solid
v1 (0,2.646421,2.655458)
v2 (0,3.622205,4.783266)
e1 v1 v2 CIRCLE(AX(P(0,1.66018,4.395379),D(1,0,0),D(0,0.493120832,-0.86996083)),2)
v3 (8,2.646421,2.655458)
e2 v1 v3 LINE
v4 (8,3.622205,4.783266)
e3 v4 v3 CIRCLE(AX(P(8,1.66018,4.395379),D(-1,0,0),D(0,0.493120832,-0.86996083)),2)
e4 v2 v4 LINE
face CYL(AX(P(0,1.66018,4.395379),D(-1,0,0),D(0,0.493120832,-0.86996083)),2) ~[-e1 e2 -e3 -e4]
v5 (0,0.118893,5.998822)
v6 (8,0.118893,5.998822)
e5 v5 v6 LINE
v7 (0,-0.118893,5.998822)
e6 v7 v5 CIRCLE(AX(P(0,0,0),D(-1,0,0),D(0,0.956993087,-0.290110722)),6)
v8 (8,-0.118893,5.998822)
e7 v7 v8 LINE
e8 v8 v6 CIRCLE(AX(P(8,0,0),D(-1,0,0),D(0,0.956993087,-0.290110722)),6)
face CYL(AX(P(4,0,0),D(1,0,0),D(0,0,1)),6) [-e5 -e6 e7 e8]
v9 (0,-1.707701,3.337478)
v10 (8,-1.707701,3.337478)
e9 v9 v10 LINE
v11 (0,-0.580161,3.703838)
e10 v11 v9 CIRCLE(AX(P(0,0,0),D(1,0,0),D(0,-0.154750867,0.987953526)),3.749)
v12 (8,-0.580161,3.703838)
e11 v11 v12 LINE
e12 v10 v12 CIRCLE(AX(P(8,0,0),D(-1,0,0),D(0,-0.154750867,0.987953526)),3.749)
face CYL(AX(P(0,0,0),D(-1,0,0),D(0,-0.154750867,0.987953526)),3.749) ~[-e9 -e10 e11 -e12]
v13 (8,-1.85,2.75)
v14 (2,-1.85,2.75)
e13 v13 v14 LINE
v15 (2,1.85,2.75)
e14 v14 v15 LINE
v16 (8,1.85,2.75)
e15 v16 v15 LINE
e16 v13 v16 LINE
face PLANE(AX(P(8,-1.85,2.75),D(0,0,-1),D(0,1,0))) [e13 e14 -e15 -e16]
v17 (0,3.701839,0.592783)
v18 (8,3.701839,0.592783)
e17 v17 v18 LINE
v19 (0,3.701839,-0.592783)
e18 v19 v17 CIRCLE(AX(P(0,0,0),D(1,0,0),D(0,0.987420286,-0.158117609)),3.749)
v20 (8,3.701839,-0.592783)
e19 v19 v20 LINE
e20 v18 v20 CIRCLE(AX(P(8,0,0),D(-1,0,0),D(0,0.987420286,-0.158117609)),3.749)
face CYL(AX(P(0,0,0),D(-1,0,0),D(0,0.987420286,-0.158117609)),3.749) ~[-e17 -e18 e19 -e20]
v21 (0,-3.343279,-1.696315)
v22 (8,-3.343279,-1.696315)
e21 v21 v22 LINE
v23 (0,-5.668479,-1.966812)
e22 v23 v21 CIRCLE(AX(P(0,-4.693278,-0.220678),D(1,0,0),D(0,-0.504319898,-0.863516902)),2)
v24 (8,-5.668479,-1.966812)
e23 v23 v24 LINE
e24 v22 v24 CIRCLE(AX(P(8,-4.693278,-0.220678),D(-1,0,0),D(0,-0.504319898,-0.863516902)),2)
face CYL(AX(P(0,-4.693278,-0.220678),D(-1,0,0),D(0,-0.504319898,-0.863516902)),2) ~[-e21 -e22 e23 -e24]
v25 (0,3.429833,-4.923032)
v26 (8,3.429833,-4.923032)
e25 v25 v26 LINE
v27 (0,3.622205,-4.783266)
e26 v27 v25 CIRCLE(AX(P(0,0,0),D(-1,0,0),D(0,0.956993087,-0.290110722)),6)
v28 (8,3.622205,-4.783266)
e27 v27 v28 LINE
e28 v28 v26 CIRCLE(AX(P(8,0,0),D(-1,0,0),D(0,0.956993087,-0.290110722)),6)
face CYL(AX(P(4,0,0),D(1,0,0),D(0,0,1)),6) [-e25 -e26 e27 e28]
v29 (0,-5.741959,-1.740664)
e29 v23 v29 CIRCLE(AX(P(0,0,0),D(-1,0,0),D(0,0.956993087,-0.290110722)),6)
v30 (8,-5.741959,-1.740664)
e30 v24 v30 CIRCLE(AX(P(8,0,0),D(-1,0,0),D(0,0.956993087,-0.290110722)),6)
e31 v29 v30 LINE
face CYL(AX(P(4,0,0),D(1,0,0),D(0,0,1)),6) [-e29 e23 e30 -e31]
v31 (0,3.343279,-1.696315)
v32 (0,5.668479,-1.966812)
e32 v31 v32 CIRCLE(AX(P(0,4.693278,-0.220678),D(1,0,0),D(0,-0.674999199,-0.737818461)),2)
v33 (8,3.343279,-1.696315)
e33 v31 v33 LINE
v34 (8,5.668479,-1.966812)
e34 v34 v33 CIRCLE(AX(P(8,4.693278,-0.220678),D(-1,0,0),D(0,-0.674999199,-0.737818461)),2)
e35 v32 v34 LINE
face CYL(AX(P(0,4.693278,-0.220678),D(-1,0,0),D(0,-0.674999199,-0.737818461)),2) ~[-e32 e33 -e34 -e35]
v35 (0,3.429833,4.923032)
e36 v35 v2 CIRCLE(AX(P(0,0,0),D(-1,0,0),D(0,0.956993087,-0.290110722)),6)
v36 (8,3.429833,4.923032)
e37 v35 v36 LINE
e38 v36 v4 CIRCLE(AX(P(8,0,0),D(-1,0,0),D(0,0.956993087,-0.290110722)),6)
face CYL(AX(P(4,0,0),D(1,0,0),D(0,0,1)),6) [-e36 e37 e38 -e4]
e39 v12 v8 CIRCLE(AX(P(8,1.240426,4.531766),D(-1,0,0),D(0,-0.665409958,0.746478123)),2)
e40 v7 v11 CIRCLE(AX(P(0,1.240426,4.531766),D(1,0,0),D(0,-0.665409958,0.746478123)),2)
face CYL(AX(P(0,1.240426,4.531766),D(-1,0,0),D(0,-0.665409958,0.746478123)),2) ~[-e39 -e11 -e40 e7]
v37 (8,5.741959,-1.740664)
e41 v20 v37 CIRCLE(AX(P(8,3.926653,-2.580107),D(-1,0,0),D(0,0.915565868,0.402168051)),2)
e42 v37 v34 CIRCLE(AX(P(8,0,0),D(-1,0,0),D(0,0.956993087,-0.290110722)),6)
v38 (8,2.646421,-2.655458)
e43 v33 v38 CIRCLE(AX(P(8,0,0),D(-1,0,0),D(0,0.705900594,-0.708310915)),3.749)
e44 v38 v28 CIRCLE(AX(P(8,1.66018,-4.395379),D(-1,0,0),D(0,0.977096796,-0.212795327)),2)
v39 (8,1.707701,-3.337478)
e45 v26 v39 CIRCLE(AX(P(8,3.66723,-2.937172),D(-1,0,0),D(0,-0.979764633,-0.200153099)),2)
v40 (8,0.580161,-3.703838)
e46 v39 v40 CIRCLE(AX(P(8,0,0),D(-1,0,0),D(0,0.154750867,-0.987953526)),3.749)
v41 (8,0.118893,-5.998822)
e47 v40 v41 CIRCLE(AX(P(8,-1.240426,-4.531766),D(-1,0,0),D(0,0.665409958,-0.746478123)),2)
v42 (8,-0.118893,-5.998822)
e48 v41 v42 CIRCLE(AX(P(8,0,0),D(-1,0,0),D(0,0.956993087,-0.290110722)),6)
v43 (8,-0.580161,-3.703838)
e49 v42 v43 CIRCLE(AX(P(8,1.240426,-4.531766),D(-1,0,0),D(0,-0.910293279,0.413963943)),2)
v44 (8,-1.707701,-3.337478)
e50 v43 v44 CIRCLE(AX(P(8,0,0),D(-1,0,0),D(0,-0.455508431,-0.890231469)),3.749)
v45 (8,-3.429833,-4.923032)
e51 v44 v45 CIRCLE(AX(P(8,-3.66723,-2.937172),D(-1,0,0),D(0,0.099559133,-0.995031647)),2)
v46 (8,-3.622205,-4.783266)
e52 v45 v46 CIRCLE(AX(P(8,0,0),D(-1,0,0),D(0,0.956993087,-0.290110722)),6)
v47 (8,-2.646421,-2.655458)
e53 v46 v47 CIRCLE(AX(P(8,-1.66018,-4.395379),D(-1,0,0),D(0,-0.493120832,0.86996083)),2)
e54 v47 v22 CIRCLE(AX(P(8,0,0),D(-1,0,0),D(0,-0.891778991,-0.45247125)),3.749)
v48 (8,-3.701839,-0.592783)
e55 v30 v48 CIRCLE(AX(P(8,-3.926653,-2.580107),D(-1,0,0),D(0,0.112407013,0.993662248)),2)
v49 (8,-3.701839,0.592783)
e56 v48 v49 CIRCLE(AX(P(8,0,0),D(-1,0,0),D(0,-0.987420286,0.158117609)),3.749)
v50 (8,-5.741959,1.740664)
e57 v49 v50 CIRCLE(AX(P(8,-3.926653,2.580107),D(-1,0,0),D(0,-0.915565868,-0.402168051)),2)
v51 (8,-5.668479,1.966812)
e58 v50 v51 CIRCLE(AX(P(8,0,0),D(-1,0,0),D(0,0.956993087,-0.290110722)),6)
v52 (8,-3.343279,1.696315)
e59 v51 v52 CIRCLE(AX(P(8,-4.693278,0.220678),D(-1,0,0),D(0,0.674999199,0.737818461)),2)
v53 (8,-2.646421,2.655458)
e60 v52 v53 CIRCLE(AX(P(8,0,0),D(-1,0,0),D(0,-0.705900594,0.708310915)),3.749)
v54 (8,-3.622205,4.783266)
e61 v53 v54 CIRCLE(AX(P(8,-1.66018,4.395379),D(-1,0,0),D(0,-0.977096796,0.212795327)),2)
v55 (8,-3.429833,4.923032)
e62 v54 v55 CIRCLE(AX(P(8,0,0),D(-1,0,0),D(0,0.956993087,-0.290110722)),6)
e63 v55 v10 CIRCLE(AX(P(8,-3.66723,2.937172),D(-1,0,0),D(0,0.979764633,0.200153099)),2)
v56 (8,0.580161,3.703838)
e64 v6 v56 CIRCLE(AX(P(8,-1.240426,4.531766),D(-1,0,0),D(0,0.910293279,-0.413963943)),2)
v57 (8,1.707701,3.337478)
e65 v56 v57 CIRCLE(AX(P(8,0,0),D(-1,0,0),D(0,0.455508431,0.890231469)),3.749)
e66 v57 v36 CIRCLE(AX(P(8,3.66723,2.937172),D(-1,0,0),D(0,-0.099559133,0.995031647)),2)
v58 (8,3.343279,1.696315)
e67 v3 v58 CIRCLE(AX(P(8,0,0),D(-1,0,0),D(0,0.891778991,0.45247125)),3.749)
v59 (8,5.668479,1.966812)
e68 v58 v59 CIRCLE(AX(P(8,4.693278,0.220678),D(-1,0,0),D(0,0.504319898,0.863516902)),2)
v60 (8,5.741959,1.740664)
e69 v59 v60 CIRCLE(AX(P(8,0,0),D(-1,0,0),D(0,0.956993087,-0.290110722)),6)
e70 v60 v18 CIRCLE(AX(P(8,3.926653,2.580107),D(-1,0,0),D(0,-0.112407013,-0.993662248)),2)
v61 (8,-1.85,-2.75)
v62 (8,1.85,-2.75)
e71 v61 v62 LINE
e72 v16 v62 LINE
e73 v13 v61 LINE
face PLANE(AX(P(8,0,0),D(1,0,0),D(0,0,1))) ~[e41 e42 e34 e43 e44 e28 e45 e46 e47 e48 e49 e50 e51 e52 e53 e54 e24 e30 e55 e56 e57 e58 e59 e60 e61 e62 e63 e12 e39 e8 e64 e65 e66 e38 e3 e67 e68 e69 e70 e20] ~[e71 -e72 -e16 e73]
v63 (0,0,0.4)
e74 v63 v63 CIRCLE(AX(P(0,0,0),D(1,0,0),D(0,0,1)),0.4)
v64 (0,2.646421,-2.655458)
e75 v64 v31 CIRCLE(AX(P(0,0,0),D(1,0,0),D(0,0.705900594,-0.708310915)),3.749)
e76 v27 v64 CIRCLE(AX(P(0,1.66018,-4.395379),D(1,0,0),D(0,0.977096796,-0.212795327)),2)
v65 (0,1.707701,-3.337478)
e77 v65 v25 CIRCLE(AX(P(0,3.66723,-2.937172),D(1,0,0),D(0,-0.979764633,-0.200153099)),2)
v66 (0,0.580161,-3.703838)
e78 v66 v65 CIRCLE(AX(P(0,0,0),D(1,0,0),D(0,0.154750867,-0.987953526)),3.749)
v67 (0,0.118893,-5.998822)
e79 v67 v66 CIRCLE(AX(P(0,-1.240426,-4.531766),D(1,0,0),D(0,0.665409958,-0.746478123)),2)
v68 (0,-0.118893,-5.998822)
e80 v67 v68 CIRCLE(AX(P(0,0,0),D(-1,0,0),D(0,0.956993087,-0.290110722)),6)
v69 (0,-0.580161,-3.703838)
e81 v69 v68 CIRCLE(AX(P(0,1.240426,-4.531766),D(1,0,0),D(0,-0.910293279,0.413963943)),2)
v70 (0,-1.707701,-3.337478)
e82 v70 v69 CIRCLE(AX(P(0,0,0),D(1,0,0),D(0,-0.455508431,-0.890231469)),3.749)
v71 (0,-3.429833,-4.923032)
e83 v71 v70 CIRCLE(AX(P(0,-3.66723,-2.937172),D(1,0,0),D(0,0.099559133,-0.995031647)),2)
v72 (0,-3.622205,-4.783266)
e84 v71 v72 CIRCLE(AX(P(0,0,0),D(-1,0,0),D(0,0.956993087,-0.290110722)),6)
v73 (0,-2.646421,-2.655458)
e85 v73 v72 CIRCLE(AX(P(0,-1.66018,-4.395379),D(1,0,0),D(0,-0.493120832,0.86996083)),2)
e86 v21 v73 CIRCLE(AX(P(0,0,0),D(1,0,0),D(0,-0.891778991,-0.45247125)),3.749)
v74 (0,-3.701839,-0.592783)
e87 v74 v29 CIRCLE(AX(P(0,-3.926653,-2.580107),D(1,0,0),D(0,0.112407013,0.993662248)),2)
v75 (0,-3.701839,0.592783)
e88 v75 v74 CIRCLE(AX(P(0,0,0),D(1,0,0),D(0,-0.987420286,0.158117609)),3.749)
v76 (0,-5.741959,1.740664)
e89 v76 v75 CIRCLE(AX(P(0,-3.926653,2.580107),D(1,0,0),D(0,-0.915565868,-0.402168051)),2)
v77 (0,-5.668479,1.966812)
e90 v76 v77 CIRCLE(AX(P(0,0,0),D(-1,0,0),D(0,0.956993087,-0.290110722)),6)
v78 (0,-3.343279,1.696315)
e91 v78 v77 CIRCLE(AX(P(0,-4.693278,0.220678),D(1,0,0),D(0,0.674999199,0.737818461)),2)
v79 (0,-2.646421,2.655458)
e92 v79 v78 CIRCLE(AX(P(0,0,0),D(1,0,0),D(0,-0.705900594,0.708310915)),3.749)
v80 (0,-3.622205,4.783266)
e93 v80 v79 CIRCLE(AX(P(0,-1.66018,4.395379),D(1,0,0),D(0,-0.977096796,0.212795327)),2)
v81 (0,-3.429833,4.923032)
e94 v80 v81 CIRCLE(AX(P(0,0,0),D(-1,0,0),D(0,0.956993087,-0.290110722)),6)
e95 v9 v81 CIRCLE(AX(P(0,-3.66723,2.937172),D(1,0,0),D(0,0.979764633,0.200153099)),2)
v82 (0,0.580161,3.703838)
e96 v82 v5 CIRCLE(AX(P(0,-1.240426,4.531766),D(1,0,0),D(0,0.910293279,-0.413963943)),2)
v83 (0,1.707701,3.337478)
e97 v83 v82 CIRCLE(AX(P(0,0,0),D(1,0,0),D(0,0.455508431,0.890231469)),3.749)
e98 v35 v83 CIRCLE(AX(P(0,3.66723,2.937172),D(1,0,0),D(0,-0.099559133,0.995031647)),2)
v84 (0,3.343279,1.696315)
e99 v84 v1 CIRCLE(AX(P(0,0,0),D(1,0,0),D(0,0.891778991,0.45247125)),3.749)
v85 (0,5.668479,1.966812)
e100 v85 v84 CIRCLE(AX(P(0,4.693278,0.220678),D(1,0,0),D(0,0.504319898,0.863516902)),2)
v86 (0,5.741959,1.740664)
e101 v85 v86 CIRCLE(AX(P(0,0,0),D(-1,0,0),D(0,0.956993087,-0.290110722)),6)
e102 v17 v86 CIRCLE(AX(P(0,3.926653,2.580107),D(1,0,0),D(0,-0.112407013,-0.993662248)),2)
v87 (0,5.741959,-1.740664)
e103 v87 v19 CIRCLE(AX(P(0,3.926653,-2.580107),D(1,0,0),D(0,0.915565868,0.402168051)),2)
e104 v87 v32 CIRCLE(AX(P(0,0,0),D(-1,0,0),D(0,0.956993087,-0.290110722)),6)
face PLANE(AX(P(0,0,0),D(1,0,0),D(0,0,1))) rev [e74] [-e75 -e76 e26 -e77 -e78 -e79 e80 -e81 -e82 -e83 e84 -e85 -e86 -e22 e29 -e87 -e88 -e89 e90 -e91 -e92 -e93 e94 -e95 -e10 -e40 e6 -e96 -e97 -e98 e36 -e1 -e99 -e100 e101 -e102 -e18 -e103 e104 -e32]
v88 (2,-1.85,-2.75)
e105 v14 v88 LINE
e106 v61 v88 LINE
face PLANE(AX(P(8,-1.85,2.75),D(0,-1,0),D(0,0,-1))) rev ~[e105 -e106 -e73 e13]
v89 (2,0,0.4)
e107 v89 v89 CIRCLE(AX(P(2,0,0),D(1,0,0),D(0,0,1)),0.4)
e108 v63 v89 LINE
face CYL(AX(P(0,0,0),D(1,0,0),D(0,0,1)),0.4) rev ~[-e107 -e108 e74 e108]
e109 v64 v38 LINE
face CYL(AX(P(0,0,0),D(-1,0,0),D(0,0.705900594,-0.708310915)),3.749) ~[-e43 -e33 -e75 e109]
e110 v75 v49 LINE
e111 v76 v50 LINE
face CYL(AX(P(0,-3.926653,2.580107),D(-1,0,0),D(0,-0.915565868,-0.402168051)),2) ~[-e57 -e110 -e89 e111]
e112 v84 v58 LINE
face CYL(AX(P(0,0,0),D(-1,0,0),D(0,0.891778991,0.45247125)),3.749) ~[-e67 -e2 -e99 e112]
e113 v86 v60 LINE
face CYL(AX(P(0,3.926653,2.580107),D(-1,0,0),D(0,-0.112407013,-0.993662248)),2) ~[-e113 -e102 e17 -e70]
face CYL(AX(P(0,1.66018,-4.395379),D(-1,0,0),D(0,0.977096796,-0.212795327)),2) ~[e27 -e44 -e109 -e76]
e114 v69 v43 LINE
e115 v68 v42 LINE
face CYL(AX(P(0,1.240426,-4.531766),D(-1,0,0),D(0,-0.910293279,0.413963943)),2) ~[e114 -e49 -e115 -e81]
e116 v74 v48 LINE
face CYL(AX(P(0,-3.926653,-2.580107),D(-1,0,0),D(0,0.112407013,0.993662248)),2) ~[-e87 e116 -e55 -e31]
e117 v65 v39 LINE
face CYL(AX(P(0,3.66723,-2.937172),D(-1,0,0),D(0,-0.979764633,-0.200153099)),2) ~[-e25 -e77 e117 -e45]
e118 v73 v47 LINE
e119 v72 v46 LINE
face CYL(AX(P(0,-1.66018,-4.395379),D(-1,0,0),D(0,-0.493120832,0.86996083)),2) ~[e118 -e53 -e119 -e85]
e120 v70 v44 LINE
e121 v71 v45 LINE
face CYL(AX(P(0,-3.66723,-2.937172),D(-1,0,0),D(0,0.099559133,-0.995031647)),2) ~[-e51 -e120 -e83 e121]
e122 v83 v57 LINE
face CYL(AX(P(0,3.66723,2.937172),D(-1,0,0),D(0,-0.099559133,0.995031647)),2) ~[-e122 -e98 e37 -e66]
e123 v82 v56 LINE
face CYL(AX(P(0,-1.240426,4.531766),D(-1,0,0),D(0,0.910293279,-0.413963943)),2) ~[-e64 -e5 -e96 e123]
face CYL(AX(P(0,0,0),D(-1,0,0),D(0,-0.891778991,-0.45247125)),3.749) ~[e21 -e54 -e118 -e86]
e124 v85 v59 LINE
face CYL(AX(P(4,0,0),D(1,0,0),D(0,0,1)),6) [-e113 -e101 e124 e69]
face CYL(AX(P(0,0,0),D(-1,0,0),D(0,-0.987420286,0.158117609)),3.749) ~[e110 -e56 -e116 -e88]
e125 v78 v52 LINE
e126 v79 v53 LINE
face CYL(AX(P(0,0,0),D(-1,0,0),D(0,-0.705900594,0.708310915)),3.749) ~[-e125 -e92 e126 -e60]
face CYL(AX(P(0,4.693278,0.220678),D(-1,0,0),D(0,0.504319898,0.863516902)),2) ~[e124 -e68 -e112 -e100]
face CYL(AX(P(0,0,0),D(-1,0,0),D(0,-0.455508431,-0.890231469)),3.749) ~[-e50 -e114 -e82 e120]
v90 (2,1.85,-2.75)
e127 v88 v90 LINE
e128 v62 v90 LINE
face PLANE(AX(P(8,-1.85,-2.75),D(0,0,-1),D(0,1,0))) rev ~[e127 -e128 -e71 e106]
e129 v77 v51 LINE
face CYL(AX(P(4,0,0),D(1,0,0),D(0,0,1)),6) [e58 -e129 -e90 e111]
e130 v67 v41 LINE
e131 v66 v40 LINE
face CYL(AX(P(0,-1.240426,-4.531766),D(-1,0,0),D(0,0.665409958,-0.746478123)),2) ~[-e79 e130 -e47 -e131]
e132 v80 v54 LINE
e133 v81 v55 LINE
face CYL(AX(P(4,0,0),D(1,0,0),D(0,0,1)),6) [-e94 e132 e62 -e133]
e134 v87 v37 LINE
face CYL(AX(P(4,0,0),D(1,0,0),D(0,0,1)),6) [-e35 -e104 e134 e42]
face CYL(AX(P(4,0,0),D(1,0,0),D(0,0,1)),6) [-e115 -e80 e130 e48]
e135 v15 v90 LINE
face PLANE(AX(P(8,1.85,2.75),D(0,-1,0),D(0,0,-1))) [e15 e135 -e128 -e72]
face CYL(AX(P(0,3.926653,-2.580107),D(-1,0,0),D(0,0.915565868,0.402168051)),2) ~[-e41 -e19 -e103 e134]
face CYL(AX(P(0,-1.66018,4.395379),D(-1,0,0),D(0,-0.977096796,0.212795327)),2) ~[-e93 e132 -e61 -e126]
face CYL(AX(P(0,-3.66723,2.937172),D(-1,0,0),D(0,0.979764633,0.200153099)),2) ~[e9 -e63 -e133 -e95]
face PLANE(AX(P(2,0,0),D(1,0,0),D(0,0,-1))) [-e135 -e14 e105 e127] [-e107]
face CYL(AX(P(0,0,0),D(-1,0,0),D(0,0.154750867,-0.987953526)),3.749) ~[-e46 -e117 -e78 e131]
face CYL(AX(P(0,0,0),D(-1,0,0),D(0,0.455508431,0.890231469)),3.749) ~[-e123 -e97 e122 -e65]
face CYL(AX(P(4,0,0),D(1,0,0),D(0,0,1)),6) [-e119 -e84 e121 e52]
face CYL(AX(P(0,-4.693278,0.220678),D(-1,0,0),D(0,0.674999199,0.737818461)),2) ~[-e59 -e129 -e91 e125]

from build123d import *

# Parameters (mm, degrees)
BASPROSKE_W           = 8
BASPROSKE_H           = 6
TOOTHCUT_DEPTH        = 12.66190379
TEETHCUTS_COUNT       = 10
TEETHCUTS_ANGLE       = 324
BORSKE_R              = 0.4
BORE_DEPTH            = 50.0000508
CROQUIS1_W            = 5.5
CROQUIS1_H            = 3.7
CORTAR_EXTRUIR1_DEPTH = 6


with BuildPart() as part:
    # BasProSke → Base-Revolve (revolve)
    with BuildSketch(Plane(origin=(0, 0, 0), x_dir=(1, 0, 0), z_dir=(0, 1, 0)), mode=Mode.PRIVATE) as base_revolve_sk:
        with Locations((4, 3)):
            Rectangle(BASPROSKE_W, BASPROSKE_H)
    revolve(base_revolve_sk.sketch.rotate(Axis((-10, 0, 0), (1, 0, 0)), 180), axis=Axis((-10, 0, 0), (1, 0, 0)))

    # TooCutSke → ToothCut (cut, through all)
    with BuildSketch(Plane(origin=(0, 0, 0), x_dir=(0, 0, -1), z_dir=(1, 0, 0))):
        with BuildLine():
            ThreePointArc((0.59278292, 3.701838653), (0, 3.749), (-0.59278292, 3.701838653))
            ThreePointArc((-0.59278292, 3.701838653), (-0.846593509, 4.924114224), (-1.775771316, 5.757784417))
            ThreePointArc((-1.775771316, 5.757784417), (0, 6.0254), (1.775771316, 5.757784417))
            ThreePointArc((1.775771316, 5.757784417), (0.846593509, 4.924114224), (0.59278292, 3.701838653))
        make_face()
    toothcut = extrude(amount=TOOTHCUT_DEPTH, mode=Mode.SUBTRACT)

    # TeethCuts: ToothCut ×10 about axis
    teethcuts_axis = Axis((-10, 0, 0), (1, 0, 0))
    for i in range(1, TEETHCUTS_COUNT):
        add(toothcut.rotate(teethcuts_axis, i * TEETHCUTS_ANGLE / (TEETHCUTS_COUNT - 1)), mode=Mode.SUBTRACT)

    # BorSke → Bore (cut, symmetric)
    with BuildSketch(Plane(origin=(0, 0, 0), x_dir=(0, 0, -1), z_dir=(1, 0, 0))):
        with Locations(Location((0, 0, 0), (0, 0, 180))):
            Circle(BORSKE_R)
    extrude(amount=BORE_DEPTH, both=True, mode=Mode.SUBTRACT)

    # Croquis1 → Cortar-Extruir1 (cut)
    with BuildSketch(Plane(origin=(8, 0, 0), x_dir=(0, 0, -1), z_dir=(1, 0, 0))):
        Rectangle(CROQUIS1_W, CROQUIS1_H)
    extrude(amount=-CORTAR_EXTRUIR1_DEPTH, mode=Mode.SUBTRACT)


solid = part.part
